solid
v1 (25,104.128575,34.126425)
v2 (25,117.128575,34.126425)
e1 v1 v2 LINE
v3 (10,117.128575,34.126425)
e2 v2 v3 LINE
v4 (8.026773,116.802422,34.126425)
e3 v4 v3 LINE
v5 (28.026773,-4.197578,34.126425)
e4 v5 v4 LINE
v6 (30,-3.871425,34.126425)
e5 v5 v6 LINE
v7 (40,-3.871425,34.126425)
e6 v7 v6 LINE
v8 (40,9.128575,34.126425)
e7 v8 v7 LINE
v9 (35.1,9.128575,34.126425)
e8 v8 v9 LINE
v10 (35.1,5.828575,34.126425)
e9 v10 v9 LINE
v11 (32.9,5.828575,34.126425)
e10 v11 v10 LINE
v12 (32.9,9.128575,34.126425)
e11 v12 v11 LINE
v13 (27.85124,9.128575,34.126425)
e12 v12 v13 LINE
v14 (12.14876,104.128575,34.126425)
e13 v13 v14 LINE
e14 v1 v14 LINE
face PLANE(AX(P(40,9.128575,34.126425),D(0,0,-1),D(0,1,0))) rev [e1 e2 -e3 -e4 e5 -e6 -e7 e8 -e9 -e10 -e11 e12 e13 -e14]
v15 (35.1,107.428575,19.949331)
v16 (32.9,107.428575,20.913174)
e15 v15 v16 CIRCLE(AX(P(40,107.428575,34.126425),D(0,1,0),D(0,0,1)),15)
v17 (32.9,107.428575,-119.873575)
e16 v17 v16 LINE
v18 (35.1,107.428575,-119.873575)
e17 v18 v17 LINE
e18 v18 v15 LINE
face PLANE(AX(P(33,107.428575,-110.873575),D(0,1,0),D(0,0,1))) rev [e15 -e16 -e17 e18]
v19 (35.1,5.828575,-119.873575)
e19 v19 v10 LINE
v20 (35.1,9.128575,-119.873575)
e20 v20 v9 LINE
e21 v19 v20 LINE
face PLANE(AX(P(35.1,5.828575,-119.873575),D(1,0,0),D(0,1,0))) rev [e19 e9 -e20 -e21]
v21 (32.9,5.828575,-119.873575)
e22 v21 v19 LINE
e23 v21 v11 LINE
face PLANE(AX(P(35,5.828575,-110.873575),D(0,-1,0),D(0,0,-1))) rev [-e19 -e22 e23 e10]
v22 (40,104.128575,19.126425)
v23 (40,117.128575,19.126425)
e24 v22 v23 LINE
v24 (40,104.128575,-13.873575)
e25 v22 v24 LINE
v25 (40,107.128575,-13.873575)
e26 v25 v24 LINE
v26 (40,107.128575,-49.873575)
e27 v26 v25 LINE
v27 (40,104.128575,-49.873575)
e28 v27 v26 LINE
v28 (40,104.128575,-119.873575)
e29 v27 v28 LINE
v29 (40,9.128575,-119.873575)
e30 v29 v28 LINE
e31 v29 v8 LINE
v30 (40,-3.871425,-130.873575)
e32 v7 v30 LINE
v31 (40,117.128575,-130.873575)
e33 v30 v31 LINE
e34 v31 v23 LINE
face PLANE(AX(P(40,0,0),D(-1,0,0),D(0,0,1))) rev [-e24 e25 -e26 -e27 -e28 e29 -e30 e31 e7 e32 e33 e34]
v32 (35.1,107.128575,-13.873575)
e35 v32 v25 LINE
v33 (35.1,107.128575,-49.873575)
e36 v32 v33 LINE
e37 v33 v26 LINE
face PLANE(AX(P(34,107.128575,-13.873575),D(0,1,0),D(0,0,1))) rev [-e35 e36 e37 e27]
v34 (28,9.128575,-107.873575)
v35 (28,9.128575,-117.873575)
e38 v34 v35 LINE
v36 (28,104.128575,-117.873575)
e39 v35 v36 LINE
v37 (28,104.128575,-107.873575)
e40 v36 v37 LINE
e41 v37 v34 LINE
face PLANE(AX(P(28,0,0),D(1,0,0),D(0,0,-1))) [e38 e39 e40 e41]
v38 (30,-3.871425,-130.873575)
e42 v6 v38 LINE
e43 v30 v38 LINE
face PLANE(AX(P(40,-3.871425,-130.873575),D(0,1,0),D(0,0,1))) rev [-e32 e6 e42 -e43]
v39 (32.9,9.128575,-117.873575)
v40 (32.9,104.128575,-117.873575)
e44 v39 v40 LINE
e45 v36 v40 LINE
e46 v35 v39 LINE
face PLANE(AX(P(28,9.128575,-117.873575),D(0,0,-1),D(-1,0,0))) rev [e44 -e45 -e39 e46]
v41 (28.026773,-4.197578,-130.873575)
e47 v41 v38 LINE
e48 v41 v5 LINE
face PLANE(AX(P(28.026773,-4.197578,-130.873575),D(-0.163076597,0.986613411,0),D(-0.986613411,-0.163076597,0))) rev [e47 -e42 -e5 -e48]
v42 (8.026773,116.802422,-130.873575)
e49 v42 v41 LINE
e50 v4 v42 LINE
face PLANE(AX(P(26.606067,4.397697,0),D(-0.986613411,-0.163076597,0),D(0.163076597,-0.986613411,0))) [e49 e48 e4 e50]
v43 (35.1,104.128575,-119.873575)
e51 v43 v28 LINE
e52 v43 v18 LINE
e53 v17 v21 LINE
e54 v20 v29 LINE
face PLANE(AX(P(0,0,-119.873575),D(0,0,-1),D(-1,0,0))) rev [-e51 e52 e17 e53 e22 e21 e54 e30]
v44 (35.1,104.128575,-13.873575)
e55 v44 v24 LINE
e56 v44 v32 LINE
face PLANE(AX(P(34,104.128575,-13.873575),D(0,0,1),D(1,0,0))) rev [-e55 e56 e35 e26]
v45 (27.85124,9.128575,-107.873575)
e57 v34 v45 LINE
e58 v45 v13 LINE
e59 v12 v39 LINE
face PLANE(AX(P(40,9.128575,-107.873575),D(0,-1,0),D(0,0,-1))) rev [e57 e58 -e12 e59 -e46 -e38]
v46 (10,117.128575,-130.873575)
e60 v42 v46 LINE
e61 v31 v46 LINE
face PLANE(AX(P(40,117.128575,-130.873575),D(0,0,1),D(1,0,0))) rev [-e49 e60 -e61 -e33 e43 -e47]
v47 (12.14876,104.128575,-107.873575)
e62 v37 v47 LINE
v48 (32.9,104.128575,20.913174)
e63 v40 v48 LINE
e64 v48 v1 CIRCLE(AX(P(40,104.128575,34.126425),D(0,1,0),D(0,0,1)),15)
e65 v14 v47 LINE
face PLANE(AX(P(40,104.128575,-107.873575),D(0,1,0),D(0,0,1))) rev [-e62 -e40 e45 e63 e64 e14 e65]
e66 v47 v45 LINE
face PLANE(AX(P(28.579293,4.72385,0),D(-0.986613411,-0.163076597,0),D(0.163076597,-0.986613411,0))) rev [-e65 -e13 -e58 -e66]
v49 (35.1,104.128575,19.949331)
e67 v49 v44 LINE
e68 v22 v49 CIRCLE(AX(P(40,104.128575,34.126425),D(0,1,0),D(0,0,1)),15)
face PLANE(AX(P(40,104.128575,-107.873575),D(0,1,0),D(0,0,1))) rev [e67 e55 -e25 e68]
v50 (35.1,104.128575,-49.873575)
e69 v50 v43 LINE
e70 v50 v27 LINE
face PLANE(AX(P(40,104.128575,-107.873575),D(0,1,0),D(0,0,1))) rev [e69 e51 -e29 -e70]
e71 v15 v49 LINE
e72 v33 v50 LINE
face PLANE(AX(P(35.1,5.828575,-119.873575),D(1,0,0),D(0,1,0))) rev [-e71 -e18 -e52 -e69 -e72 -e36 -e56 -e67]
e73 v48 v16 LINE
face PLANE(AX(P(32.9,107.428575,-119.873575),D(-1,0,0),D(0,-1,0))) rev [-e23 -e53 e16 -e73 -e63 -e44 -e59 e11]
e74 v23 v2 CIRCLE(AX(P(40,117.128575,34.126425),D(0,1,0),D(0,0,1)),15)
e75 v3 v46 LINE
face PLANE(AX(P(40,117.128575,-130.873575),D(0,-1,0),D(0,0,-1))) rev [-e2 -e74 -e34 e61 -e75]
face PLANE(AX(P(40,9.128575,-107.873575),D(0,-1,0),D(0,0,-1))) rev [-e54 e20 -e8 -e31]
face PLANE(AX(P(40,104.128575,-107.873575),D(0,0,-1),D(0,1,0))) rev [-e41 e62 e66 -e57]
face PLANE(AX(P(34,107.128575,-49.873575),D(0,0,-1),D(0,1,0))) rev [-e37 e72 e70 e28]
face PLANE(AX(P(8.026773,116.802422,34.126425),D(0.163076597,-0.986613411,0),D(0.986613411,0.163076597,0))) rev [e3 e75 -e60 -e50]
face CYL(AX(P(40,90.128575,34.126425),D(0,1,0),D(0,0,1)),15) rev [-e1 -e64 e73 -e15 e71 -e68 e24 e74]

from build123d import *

# Parameters (mm, degrees)
BOSS_EXTRUDE3_DEPTH = 40
SKETCH4_W           = 2
SKETCH4_H           = 142
CUT_EXTRUDE1_DEPTH  = 3
SKETCH5_W           = 2
SKETCH5_H           = 98
CUT_EXTRUDE2_DEPTH  = 3
SKETCH6_W           = 2
SKETCH6_H           = 145
CUT_EXTRUDE3_DEPTH  = 3
CUT_EXTRUDE4_DEPTH  = 228
SKETCH8_W           = 165
SKETCH8_H           = 122.641754717
BOSS_EXTRUDE5_DEPTH = 2
SKETCH11_W          = 2
SKETCH11_H          = 0.3
CUT_EXTRUDE5_DEPTH  = 145
SKETCH12_W          = 2
SKETCH12_H          = 0.3
CUT_EXTRUDE6_DEPTH  = 145
SKETCH16_W          = 2
SKETCH16_H          = 101.6
CUT_EXTRUDE7_DEPTH  = 154
SKETCH17_W          = 10
SKETCH17_H          = 95
CUT_EXTRUDE9_DEPTH  = 12
SKETCH18_W          = 5
SKETCH18_H          = 5
CUT_EXTRUDE10_DEPTH = 56
SKETCH19_W          = 36
SKETCH19_H          = 3
CUT_EXTRUDE11_DEPTH = 6
CUT_EXTRUDE13_DEPTH = 27
SKETCH22_W          = 2
SKETCH22_H          = 95
CUT_EXTRUDE22_DEPTH = 5
CUT_EXTRUDE23_DEPTH = 154


with BuildPart() as part:
    # Sketch2 → Boss-Extrude3 (new body)
    with BuildSketch(Plane(origin=(0, 0, 0), x_dir=(0, 0, -1), z_dir=(1, 0, 0))):
        Polygon((-34.1264251, 9.12857495), (-34.1264251, -3.87142505), (130.8735749, -3.87142505), (130.8735749, 117.12857495), (-34.1264251, 117.12857495), (-34.1264251, 104.12857495), (107.8735749, 104.12857495), (107.8735749, 9.12857495), align=None)
    extrude(amount=BOSS_EXTRUDE3_DEPTH)

    # Sketch4 → Cut-Extrude1 (cut)
    with BuildSketch(Plane.XZ.offset(-104.12857495)):
        with Locations((34, -36.8735749)):
            Rectangle(SKETCH4_W, SKETCH4_H)
    extrude(amount=-CUT_EXTRUDE1_DEPTH, mode=Mode.SUBTRACT)

    # Sketch5 → Cut-Extrude2 (cut)
    with BuildSketch(Plane.XY.offset(-107.8735749)):
        with Locations((34, 58.12857495)):
            Rectangle(SKETCH5_W, SKETCH5_H)
    extrude(amount=-CUT_EXTRUDE2_DEPTH, mode=Mode.SUBTRACT)

    # Sketch6 → Cut-Extrude3 (cut)
    with BuildSketch(Plane(origin=(0, 9.12857495, 0), x_dir=(1, 0, 0), z_dir=(0, 1, 0))):
        with Locations((34, 38.3735749)):
            Rectangle(SKETCH6_W, SKETCH6_H)
    extrude(amount=-CUT_EXTRUDE3_DEPTH, mode=Mode.SUBTRACT)

    # Sketch7 → Cut-Extrude4 (cut)
    with BuildSketch(Plane(origin=(0, 0, -130.8735749), x_dir=(-1, 0, 0), z_dir=(0, 0, -1))):
        Polygon((0, 117.12857495), (0, -3.87142505), (-30, -3.87142505), (-10, 117.12857495), align=None)
    extrude(amount=-CUT_EXTRUDE4_DEPTH, mode=Mode.SUBTRACT)

    # Sketch8 → Boss-Extrude5 (add)
    with BuildSketch(Plane(origin=(28.579293357, 4.723850142, 0), x_dir=(0, 0, 1), z_dir=(-0.986613411390535, -0.16307659692405535, 0))):
        with Locations((-48.3735749, 52.608979576)):
            Rectangle(SKETCH8_W, SKETCH8_H)
    extrude(amount=BOSS_EXTRUDE5_DEPTH)

    # Sketch11 → Cut-Extrude5 (cut)
    with BuildSketch(Plane.XY.offset(34.1264251)):
        with Locations((34, 107.27857495)):
            Rectangle(SKETCH11_W, SKETCH11_H)
    extrude(amount=-CUT_EXTRUDE5_DEPTH, mode=Mode.SUBTRACT)

    # Sketch12 → Cut-Extrude6 (cut)
    with BuildSketch(Plane.XY.offset(34.1264251)):
        with Locations((34, 5.97857495)):
            Rectangle(SKETCH12_W, SKETCH12_H)
    extrude(amount=-CUT_EXTRUDE6_DEPTH, mode=Mode.SUBTRACT)

    # Sketch16 → Cut-Extrude7 (cut)
    with BuildSketch(Plane.XY.offset(34.1264251)):
        with Locations((34, 56.62857495)):
            Rectangle(SKETCH16_W, SKETCH16_H)
    extrude(amount=-CUT_EXTRUDE7_DEPTH, mode=Mode.SUBTRACT)

    # Sketch17 → Cut-Extrude9 (cut)
    with BuildSketch(Plane(origin=(40, 0, 0), x_dir=(0, 0, -1), z_dir=(1, 0, 0))):
        with Locations((112.8735749, 56.62857495)):
            Rectangle(SKETCH17_W, SKETCH17_H)
    extrude(amount=-CUT_EXTRUDE9_DEPTH, mode=Mode.SUBTRACT)

    # Sketch18 → Cut-Extrude10 (cut)
    with BuildSketch(Plane.XZ.offset(-104.12857495)):
        with Locations((30.5, 31.6264251)):
            Rectangle(SKETCH18_W, SKETCH18_H)
    extrude(amount=-CUT_EXTRUDE10_DEPTH, mode=Mode.SUBTRACT)

    # Sketch19 → Cut-Extrude11 (cut)
    with BuildSketch(Plane(origin=(40, 0, 0), x_dir=(0, 0, -1), z_dir=(1, 0, 0))):
        with Locations((31.8735749, 105.62857495)):
            Rectangle(SKETCH19_W, SKETCH19_H)
    extrude(amount=-CUT_EXTRUDE11_DEPTH, mode=Mode.SUBTRACT)

    # Sketch20 → Cut-Extrude13 (cut)
    with BuildSketch(Plane(origin=(0, 117.12857495, 0), x_dir=(1, 0, 0), z_dir=(0, 1, 0))):
        with BuildLine():
            Line((33, -34.1264251), (40, -34.1264251))
            Line((40, -34.1264251), (40, -19.1264251))
            ThreePointArc((40, -19.1264251), (29.393398282, -23.519823382), (25, -34.1264251))
            Line((25, -34.1264251), (28, -34.1264251))
            Line((28, -34.1264251), (28, -29.1264251))
            Line((28, -29.1264251), (33, -29.1264251))
            Line((33, -29.1264251), (33, -34.1264251))
        make_face()
    extrude(amount=-CUT_EXTRUDE13_DEPTH, mode=Mode.SUBTRACT)

    # Sketch22 → Cut-Extrude22 (cut)
    with BuildSketch(Plane(origin=(40, 0, 0), x_dir=(0, 0, -1), z_dir=(1, 0, 0))):
        with Locations((118.8735749, 56.62857495)):
            Rectangle(SKETCH22_W, SKETCH22_H)
    extrude(amount=-CUT_EXTRUDE22_DEPTH, mode=Mode.SUBTRACT)

    # Sketch23 → Cut-Extrude23 (cut)
    with BuildSketch(Plane.XY.offset(34.1264251)):
        Polygon((33, 5.82857495), (35, 5.82857495), (35.1, 5.82857495), (35.1, 107.42857495), (35, 107.42857495), (33, 107.42857495), (32.9, 107.42857495), (32.9, 5.82857495), align=None)
    extrude(amount=-CUT_EXTRUDE23_DEPTH, mode=Mode.SUBTRACT)


solid = part.part
